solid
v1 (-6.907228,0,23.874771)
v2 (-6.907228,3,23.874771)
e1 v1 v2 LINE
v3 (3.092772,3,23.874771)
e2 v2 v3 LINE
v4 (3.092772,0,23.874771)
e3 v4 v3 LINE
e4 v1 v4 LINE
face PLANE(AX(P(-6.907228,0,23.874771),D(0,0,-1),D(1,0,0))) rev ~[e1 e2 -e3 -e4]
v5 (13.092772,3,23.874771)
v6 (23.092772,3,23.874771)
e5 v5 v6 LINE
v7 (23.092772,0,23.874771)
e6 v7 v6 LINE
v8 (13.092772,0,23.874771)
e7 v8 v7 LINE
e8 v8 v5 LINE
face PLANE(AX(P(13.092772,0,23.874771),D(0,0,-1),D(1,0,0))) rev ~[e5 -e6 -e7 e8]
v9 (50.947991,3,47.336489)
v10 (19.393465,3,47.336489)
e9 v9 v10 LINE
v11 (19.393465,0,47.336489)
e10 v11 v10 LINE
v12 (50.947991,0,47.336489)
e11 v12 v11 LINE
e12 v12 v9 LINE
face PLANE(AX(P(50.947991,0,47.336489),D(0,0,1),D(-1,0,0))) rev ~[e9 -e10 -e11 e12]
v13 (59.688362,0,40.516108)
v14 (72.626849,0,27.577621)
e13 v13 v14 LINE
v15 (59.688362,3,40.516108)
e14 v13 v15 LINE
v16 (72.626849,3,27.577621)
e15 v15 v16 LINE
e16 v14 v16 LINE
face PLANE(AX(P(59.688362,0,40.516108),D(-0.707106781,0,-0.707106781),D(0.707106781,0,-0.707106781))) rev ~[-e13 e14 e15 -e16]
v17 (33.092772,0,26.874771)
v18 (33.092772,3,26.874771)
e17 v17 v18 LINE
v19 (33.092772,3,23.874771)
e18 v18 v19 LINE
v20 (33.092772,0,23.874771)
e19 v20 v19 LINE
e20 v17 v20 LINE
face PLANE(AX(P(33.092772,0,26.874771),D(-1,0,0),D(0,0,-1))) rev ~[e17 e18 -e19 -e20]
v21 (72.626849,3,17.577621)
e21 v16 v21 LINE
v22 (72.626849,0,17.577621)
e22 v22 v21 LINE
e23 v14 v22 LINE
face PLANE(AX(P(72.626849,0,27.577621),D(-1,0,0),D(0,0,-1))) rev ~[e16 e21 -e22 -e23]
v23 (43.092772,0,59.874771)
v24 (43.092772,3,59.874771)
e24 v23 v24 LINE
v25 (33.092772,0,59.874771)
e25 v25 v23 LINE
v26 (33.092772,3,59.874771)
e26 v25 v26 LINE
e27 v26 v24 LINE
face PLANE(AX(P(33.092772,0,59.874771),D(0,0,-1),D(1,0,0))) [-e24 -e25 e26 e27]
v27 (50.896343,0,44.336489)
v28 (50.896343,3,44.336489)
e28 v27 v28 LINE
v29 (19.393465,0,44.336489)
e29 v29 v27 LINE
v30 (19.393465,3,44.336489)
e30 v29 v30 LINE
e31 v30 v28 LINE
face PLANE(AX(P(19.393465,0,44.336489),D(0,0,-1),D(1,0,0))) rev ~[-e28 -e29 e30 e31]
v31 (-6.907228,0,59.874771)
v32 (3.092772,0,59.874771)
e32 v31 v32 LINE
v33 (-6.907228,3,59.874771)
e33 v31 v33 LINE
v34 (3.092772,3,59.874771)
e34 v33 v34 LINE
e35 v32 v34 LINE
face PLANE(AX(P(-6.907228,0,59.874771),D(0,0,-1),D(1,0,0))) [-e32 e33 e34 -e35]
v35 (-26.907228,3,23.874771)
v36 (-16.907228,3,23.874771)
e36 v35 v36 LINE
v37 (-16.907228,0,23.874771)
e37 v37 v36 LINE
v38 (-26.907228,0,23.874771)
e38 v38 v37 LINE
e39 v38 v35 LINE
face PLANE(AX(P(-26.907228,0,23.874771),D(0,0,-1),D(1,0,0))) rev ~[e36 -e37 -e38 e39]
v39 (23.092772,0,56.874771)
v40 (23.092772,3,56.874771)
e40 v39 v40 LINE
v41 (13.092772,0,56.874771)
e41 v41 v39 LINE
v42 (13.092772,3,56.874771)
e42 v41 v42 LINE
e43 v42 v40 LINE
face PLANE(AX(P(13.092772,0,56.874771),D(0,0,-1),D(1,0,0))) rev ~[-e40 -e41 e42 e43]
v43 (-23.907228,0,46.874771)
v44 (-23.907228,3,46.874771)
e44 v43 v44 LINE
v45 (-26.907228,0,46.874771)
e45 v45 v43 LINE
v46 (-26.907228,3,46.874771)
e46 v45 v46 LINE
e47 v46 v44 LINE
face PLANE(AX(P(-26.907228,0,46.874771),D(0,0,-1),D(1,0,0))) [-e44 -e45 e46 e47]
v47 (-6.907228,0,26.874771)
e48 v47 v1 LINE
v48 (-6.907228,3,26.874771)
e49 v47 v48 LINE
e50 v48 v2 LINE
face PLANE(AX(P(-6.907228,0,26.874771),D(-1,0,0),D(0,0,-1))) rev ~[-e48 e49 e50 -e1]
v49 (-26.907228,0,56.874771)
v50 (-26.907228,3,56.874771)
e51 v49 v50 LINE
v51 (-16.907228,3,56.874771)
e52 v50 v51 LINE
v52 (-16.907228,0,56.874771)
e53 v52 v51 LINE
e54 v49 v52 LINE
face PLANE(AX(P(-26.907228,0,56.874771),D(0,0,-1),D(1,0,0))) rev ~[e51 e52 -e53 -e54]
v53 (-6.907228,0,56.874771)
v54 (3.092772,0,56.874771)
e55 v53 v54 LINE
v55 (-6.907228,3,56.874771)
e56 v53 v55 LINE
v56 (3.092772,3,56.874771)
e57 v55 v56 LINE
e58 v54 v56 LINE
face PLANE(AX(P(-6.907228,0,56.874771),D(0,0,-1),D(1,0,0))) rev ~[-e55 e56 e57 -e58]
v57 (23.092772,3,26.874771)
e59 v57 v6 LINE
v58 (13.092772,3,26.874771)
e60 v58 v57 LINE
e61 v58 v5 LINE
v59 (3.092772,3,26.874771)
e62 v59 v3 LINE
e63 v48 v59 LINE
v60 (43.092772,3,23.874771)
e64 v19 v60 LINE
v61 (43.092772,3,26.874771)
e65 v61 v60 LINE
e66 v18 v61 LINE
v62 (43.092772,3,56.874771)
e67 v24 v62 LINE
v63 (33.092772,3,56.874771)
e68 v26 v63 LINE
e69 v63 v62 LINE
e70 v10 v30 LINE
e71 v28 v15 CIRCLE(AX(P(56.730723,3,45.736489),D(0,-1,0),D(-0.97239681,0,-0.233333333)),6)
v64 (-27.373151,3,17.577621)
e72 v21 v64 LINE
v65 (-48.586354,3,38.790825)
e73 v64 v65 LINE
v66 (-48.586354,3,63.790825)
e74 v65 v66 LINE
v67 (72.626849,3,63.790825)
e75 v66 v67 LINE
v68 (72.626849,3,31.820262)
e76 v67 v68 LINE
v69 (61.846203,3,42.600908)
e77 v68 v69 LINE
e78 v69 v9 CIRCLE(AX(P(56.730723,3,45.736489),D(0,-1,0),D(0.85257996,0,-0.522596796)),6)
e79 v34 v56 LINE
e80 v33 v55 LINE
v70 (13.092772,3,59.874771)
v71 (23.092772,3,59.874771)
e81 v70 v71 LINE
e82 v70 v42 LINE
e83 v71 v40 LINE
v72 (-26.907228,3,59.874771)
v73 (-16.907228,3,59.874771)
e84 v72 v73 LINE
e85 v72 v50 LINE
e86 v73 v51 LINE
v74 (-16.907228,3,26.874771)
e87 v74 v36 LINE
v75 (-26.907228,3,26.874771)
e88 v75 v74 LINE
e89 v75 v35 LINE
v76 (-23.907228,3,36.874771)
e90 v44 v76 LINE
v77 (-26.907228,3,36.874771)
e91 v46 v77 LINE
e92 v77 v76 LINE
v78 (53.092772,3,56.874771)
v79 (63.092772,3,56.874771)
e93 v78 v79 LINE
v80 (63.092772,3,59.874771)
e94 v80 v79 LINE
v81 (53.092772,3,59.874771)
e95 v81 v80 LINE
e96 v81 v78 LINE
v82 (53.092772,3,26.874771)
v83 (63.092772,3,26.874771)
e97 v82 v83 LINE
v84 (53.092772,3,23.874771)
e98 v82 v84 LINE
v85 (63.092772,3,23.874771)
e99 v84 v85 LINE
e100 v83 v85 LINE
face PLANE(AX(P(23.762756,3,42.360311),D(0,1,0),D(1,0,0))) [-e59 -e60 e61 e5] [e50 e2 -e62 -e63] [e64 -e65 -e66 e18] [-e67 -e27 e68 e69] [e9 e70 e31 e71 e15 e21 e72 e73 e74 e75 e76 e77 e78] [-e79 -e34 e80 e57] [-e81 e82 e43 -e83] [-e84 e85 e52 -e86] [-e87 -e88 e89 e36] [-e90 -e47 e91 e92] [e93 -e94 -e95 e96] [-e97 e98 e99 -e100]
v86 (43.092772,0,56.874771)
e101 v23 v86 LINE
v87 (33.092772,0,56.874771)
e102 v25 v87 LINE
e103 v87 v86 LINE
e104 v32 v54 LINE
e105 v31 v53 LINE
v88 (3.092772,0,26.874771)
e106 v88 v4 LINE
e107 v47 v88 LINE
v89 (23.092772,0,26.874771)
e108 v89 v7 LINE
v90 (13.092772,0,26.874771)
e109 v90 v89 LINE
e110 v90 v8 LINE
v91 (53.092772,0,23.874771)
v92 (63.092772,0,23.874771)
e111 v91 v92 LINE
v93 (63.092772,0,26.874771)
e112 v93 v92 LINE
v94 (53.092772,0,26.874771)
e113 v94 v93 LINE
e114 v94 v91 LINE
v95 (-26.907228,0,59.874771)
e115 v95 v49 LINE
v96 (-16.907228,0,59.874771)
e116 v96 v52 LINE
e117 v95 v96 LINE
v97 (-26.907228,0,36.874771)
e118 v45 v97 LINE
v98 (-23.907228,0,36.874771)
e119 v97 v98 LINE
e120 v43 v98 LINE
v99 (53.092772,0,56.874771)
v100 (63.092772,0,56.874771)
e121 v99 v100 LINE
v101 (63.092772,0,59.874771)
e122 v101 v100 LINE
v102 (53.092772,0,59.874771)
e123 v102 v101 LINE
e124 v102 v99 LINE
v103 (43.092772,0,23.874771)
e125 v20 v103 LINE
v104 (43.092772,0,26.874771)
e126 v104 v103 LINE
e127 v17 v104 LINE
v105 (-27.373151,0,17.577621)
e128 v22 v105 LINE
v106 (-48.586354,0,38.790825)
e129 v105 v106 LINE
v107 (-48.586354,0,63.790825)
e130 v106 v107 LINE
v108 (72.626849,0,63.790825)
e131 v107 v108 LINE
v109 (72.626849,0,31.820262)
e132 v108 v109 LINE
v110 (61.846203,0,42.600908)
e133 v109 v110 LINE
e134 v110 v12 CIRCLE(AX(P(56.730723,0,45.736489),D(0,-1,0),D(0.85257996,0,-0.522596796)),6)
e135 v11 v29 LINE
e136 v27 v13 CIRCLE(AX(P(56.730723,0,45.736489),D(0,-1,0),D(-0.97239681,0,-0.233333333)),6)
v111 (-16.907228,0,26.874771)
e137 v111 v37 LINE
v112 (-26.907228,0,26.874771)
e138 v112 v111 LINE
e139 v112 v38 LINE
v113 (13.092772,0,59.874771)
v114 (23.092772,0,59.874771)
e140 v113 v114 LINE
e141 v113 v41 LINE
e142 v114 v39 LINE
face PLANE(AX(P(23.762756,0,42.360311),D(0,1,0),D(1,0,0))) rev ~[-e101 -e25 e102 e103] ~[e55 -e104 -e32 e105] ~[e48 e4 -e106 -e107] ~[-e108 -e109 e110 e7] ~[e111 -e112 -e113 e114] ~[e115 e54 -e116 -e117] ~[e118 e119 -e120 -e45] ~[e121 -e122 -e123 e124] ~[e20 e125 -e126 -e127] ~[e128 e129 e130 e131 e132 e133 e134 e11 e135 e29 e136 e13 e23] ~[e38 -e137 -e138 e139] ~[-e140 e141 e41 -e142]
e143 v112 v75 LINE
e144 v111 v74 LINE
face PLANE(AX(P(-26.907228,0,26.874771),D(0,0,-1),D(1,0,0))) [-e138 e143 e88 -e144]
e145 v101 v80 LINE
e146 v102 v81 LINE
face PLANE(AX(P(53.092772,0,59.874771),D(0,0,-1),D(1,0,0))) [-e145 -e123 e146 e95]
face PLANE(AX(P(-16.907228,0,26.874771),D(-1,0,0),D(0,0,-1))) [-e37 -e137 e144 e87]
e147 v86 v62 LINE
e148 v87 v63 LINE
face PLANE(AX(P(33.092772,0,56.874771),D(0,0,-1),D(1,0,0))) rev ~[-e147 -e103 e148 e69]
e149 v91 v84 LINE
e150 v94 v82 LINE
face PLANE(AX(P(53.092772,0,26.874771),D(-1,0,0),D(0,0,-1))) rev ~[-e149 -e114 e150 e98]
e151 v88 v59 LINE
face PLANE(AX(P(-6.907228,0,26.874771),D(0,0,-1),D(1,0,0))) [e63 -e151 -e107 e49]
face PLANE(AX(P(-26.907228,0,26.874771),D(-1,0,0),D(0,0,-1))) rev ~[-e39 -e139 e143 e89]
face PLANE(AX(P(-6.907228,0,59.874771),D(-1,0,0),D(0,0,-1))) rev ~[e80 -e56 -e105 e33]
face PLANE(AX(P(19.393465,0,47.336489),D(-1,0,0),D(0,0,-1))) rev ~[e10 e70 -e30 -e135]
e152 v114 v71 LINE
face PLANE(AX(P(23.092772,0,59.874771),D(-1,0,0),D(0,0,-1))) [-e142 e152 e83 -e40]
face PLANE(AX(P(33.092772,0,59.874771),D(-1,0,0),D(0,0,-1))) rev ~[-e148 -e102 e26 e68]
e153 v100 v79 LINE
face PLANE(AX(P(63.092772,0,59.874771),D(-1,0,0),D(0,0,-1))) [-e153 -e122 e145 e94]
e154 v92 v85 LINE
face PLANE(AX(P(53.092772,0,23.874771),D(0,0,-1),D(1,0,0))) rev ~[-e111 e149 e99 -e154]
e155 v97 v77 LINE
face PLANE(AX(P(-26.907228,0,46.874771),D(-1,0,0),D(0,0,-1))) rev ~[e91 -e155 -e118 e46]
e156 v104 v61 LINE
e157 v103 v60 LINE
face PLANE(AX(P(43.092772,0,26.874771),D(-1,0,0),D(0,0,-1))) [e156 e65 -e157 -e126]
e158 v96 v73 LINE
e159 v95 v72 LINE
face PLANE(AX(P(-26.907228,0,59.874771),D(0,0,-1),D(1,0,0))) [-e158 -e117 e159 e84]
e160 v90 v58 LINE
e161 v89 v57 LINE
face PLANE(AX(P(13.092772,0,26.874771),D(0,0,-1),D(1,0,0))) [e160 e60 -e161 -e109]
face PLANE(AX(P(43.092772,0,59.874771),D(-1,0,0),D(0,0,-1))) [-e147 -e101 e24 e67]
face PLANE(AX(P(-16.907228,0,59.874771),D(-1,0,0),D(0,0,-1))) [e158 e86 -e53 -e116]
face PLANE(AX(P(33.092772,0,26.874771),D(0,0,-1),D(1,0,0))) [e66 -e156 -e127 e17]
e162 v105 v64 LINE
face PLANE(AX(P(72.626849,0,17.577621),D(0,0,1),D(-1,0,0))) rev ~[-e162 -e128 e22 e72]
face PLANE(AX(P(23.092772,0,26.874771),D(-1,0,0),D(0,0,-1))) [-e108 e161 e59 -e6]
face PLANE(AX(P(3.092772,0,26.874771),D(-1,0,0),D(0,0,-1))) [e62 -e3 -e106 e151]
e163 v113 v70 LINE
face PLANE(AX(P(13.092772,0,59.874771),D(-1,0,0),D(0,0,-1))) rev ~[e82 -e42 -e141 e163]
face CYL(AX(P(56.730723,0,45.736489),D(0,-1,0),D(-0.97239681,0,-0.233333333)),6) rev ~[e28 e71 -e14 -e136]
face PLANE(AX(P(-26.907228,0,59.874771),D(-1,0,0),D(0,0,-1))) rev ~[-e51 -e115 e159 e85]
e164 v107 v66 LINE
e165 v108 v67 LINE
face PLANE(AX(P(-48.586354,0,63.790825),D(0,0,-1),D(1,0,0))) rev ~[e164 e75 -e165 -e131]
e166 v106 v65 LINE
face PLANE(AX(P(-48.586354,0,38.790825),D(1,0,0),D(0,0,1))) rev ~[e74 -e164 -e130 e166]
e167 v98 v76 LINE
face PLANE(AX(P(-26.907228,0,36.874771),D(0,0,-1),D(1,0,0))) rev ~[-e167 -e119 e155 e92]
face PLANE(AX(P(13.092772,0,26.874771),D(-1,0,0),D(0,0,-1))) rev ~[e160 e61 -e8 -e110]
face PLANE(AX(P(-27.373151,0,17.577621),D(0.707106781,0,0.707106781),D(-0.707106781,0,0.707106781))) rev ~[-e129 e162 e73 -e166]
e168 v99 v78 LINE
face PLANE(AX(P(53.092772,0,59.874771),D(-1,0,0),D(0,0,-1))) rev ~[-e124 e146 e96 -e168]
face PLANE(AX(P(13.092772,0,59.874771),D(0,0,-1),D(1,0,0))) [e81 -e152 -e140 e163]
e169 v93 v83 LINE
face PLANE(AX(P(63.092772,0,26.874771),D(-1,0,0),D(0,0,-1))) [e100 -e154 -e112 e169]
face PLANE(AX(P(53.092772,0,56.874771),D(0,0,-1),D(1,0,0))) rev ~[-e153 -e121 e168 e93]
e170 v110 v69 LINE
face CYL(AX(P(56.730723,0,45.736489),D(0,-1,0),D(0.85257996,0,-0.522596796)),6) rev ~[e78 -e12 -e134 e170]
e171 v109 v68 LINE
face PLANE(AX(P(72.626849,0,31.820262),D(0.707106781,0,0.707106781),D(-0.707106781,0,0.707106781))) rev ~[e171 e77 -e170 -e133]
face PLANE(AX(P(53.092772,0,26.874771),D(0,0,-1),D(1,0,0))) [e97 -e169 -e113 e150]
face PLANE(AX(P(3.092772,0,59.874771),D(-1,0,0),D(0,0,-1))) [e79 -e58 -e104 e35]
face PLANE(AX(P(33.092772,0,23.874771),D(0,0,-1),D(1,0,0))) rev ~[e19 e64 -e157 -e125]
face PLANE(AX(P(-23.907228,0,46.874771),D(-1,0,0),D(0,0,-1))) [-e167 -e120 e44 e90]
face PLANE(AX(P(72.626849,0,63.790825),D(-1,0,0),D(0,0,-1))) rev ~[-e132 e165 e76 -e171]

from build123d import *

# Parameters (mm, degrees)
ESQUISSE1_W        = 10
ESQUISSE1_H        = 3
ESQUISSE1_W_2      = 3
ESQUISSE1_H_2      = 10
BOSS_EXTRU_1_DEPTH = 3


with BuildPart() as part:
    # Esquisse1 → Boss.-Extru.1 (new body)
    with BuildSketch(Plane(origin=(0, 0, 0), x_dir=(1, 0, 0), z_dir=(0, 1, 0))):
        with BuildLine():
            Line((-48.586354215, -63.79082471), (72.626849221, -63.79082471))
            Line((72.626849221, -63.79082471), (72.626849221, -31.820261962))
            Line((72.626849221, -31.820261962), (61.846203207, -42.600907976))
            ThreePointArc((61.846203207, -42.600907976), (59.121902654, -51.239420877), (50.947990526, -47.336488751))
            Line((50.947990526, -47.336488751), (19.393465144, -47.336488751))
            Line((19.393465144, -47.336488751), (19.393465144, -44.336488751))
            Line((19.393465144, -44.336488751), (50.896342586, -44.336488751))
            ThreePointArc((50.896342586, -44.336488751), (54.339544234, -40.233556625), (59.688362254, -40.516108241))
            Line((59.688362254, -40.516108241), (72.626849221, -27.577621274))
            Line((72.626849221, -27.577621274), (72.626849221, -17.577621274))
            Line((72.626849221, -17.577621274), (-27.373150779, -17.577621274))
            Line((-27.373150779, -17.577621274), (-48.586354215, -38.79082471))
            Line((-48.586354215, -38.79082471), (-48.586354215, -63.79082471))
        make_face()
        with Locations((-1.907227595, -25.374770958)):
            Rectangle(ESQUISSE1_W, ESQUISSE1_H, mode=Mode.SUBTRACT)
        with Locations((-21.907227595, -25.374770958)):
            Rectangle(ESQUISSE1_W, ESQUISSE1_H, mode=Mode.SUBTRACT)
        with Locations((18.092772405, -25.374770958)):
            Rectangle(ESQUISSE1_W, ESQUISSE1_H, mode=Mode.SUBTRACT)
        with Locations((38.092772405, -25.374770958)):
            Rectangle(ESQUISSE1_W, ESQUISSE1_H, mode=Mode.SUBTRACT)
        with Locations((58.092772405, -25.374770958)):
            Rectangle(ESQUISSE1_W, ESQUISSE1_H, mode=Mode.SUBTRACT)
        with Locations((-21.907227595, -58.374770958)):
            Rectangle(ESQUISSE1_W, ESQUISSE1_H, mode=Mode.SUBTRACT)
        with Locations((-1.907227595, -58.374770958)):
            Rectangle(ESQUISSE1_W, ESQUISSE1_H, mode=Mode.SUBTRACT)
        with Locations((18.092772405, -58.374770958)):
            Rectangle(ESQUISSE1_W, ESQUISSE1_H, mode=Mode.SUBTRACT)
        with Locations((38.092772405, -58.374770958)):
            Rectangle(ESQUISSE1_W, ESQUISSE1_H, mode=Mode.SUBTRACT)
        with Locations((58.092772405, -58.374770958)):
            Rectangle(ESQUISSE1_W, ESQUISSE1_H, mode=Mode.SUBTRACT)
        with Locations((-25.407227595, -41.874770958)):
            Rectangle(ESQUISSE1_W_2, ESQUISSE1_H_2, mode=Mode.SUBTRACT)
    extrude(amount=BOSS_EXTRU_1_DEPTH)


solid = part.part
